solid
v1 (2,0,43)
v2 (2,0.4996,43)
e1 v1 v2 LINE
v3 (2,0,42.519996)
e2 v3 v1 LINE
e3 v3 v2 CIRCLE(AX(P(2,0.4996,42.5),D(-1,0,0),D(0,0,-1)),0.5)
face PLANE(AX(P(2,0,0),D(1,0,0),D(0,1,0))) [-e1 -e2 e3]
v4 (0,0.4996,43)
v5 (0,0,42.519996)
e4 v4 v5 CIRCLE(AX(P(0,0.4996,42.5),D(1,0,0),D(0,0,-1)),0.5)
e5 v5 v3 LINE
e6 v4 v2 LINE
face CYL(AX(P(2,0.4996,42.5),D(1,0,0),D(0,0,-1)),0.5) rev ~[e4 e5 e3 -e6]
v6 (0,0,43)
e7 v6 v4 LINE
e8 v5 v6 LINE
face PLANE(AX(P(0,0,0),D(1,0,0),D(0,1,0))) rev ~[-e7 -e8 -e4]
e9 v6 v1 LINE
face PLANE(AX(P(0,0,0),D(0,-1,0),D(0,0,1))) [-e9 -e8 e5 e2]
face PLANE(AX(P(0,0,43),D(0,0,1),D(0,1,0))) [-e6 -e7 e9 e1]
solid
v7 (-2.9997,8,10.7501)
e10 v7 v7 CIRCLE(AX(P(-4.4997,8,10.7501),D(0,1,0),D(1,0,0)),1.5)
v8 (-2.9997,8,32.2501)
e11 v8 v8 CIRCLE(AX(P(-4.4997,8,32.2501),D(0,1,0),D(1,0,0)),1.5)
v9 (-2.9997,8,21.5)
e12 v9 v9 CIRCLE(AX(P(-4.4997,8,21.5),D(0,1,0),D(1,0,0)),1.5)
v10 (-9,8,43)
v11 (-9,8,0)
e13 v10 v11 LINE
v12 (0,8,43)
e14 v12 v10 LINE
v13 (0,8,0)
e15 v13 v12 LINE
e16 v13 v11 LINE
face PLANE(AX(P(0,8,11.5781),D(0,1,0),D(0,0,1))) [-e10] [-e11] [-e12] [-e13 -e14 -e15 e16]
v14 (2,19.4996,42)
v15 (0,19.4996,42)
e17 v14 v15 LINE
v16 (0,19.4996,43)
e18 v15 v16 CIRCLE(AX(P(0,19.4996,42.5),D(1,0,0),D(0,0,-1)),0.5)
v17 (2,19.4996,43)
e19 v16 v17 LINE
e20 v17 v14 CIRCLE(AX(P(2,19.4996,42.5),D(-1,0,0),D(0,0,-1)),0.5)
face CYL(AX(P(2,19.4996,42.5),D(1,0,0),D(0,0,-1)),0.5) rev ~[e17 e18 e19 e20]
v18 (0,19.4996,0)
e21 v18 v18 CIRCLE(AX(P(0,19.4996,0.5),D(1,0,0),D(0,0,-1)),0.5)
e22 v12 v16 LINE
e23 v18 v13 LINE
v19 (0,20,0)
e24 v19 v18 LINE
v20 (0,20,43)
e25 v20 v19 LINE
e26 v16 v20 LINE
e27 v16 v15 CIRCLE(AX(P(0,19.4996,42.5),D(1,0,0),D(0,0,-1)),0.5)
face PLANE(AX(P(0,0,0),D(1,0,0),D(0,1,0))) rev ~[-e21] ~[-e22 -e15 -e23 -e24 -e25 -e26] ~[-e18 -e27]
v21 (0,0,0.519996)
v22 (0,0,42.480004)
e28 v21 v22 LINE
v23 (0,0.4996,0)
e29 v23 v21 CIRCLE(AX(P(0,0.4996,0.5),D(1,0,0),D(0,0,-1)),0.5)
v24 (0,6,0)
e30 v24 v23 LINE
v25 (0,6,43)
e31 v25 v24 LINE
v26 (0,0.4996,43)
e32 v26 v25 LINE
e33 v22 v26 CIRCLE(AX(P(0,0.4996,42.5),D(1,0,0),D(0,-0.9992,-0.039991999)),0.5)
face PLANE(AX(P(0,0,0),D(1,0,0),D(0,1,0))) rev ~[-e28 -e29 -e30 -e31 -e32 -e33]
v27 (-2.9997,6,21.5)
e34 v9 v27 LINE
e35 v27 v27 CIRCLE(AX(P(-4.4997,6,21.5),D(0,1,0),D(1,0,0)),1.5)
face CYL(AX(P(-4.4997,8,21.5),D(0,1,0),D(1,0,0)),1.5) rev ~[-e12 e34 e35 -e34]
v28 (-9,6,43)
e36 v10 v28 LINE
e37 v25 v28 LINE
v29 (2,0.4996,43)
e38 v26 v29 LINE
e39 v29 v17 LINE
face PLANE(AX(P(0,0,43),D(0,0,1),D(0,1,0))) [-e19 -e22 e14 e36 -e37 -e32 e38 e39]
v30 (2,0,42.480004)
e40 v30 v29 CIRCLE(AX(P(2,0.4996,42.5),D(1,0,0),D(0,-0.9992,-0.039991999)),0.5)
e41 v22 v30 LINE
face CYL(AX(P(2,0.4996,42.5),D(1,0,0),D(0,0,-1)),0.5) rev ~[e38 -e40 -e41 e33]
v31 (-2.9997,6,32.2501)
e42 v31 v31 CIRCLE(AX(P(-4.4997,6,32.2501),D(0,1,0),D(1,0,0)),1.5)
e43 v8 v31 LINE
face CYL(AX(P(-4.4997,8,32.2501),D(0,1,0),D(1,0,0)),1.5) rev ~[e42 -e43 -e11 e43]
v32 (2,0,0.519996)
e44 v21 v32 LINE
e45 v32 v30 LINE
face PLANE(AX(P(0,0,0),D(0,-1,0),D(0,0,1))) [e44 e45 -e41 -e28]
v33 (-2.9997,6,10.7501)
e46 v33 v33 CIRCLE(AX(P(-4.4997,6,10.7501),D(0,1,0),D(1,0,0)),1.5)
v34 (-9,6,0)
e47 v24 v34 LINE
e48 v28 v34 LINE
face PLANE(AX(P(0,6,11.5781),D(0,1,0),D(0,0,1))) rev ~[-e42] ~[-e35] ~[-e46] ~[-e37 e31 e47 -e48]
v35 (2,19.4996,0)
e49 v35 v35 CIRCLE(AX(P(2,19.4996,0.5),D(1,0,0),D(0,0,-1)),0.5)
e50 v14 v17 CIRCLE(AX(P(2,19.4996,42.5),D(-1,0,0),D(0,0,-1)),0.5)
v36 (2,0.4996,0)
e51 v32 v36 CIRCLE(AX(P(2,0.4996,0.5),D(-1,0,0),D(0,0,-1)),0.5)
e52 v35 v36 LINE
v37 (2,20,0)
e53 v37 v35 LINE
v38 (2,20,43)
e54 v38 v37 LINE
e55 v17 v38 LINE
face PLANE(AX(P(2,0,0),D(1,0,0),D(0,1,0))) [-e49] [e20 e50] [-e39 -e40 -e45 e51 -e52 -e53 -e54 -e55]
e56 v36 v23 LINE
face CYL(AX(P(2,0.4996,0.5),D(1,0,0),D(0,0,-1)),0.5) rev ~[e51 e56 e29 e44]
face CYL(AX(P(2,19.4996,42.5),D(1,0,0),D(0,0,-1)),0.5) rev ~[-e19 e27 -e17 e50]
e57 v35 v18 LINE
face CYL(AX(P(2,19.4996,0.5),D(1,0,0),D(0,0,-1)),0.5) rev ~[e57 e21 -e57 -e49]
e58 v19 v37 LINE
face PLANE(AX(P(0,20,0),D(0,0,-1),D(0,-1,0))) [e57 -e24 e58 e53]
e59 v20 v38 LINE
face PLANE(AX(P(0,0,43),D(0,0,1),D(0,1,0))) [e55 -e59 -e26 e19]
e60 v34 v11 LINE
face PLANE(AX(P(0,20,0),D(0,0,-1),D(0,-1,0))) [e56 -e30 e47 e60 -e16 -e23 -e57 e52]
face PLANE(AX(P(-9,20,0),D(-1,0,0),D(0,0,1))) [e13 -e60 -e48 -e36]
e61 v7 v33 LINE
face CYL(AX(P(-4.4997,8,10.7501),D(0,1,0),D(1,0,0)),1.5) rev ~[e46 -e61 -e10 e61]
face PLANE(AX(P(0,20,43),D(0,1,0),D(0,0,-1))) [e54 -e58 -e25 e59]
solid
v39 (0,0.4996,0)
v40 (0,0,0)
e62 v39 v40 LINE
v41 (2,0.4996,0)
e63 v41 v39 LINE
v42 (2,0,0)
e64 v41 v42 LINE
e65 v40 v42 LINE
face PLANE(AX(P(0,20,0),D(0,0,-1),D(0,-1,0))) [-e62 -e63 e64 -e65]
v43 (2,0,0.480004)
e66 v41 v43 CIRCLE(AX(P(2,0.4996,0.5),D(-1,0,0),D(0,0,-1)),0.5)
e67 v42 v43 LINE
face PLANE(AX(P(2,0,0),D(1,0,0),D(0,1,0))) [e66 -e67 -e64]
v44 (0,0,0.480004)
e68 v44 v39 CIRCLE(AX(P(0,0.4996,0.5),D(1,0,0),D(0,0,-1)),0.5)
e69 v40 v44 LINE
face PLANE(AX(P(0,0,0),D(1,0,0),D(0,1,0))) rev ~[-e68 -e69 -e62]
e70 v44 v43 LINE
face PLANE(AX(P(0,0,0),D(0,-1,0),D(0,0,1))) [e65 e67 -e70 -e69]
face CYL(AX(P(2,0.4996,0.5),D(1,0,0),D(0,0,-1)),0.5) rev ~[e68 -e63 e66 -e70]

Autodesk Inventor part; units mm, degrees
ref_plane "YZ Plane" through (0, 0, 0) normal (1, 0, 0) x (0, 1, 0)
ref_plane "XZ Plane" through (0, 0, 0) normal (0, 1, 0) x (-1, 0, 0)
ref_plane "XY Plane" through (0, 0, 0) normal (0, 0, 1) x (1, 0, 0)
sketch "Esboço1" plane through (0, 0, 0) normal (1, 0, 0) x (0, 1, 0)
  line L0 (0, 0) -> (0, 43)
  line L1 (0, 43) -> (20, 43)
  line L2 (20, 43) -> (20, 0)
  line L3 (20, 0) -> (0, 0)
  dimension "d0" = 43
  dimension "d1" = 20
extrude "Extrusão1" add sketch "Esboço1" along normal blind 2
sketch "Esboço2" plane through (2, 0, 0) normal (1, 0, 0) x (0, 0, -1)
  line L0 (-43, 20) -> (-43, 0) projected
  line L1 (-43, 0) -> (0, 0) projected
  circle A0 centre (-0.5, 0.4996) radius 0.5
  circle A1 centre (-0.5, 19.4996) radius 0.5
  circle A2 centre (-42.5, 19.4996) radius 0.5
  circle A3 centre (-42.5, 0.4996) radius 0.5
  point P0 (-42.4796, 0)
  point P1 (-42.5204, 0)
  dimension "d12" = 1
  dimension "d13" = 1
  dimension "d14" = 1
  dimension "d15" = 1
extrude "Extrusão2" cut sketch "Esboço2" against normal through all contours A0 | A3 | A2 | A1
sketch "Esboço6" plane through (0, 20, 0) normal (-1, 0, 0) x (0, 0, 1)
  line L0 (0, 0) -> (43, 0) projected
  line L1 (11.5781, -12) -> (0, -12)
  line L2 (0, -19.5004) -> (0, -0.5004) projected
  line L3 (11.5781, -14) -> (0, -14)
  line L4 (0, -12) -> (0, -14)
  line L5 (11.5781, -12) -> (43, -12)
  line L6 (43, -12) -> (43, -14)
  line L7 (43, -0.5004) -> (43, -19.5004) projected
  line L8 (11.5781, -14) -> (43, -14)
  point P0 (0, -20)
  dimension "d36" = 2
extrude "Extrusão5" add sketch "Esboço6" along normal blind 9
sketch "Esboço8" plane through (0, 8, 43) normal (0, 1, 0) x (1, 0, 0)
  line L0 (-9, 0) -> (-9, 43) projected
  line L1 (0, 43) -> (-9, 43) projected
  line L2 (0, 43) -> (0, 0) projected
  circle A0 centre (-4.4997, 32.2499) radius 1.5
  circle A1 centre (-4.4997, 21.5) radius 1.5
  circle A2 centre (-4.4997, 10.7499) radius 1.5
  dimension "d53" = 3
  dimension "d54" = 3
  dimension "d55" = 3
sketch "Esboço9" plane through (0, 20, 43) normal (0, 1, 0) x (1, 0, 0)
  point P0 (0, 43)
extrude "Extrusão7" cut sketch "Esboço8" against normal up to next
properties part number "ultrassom"
